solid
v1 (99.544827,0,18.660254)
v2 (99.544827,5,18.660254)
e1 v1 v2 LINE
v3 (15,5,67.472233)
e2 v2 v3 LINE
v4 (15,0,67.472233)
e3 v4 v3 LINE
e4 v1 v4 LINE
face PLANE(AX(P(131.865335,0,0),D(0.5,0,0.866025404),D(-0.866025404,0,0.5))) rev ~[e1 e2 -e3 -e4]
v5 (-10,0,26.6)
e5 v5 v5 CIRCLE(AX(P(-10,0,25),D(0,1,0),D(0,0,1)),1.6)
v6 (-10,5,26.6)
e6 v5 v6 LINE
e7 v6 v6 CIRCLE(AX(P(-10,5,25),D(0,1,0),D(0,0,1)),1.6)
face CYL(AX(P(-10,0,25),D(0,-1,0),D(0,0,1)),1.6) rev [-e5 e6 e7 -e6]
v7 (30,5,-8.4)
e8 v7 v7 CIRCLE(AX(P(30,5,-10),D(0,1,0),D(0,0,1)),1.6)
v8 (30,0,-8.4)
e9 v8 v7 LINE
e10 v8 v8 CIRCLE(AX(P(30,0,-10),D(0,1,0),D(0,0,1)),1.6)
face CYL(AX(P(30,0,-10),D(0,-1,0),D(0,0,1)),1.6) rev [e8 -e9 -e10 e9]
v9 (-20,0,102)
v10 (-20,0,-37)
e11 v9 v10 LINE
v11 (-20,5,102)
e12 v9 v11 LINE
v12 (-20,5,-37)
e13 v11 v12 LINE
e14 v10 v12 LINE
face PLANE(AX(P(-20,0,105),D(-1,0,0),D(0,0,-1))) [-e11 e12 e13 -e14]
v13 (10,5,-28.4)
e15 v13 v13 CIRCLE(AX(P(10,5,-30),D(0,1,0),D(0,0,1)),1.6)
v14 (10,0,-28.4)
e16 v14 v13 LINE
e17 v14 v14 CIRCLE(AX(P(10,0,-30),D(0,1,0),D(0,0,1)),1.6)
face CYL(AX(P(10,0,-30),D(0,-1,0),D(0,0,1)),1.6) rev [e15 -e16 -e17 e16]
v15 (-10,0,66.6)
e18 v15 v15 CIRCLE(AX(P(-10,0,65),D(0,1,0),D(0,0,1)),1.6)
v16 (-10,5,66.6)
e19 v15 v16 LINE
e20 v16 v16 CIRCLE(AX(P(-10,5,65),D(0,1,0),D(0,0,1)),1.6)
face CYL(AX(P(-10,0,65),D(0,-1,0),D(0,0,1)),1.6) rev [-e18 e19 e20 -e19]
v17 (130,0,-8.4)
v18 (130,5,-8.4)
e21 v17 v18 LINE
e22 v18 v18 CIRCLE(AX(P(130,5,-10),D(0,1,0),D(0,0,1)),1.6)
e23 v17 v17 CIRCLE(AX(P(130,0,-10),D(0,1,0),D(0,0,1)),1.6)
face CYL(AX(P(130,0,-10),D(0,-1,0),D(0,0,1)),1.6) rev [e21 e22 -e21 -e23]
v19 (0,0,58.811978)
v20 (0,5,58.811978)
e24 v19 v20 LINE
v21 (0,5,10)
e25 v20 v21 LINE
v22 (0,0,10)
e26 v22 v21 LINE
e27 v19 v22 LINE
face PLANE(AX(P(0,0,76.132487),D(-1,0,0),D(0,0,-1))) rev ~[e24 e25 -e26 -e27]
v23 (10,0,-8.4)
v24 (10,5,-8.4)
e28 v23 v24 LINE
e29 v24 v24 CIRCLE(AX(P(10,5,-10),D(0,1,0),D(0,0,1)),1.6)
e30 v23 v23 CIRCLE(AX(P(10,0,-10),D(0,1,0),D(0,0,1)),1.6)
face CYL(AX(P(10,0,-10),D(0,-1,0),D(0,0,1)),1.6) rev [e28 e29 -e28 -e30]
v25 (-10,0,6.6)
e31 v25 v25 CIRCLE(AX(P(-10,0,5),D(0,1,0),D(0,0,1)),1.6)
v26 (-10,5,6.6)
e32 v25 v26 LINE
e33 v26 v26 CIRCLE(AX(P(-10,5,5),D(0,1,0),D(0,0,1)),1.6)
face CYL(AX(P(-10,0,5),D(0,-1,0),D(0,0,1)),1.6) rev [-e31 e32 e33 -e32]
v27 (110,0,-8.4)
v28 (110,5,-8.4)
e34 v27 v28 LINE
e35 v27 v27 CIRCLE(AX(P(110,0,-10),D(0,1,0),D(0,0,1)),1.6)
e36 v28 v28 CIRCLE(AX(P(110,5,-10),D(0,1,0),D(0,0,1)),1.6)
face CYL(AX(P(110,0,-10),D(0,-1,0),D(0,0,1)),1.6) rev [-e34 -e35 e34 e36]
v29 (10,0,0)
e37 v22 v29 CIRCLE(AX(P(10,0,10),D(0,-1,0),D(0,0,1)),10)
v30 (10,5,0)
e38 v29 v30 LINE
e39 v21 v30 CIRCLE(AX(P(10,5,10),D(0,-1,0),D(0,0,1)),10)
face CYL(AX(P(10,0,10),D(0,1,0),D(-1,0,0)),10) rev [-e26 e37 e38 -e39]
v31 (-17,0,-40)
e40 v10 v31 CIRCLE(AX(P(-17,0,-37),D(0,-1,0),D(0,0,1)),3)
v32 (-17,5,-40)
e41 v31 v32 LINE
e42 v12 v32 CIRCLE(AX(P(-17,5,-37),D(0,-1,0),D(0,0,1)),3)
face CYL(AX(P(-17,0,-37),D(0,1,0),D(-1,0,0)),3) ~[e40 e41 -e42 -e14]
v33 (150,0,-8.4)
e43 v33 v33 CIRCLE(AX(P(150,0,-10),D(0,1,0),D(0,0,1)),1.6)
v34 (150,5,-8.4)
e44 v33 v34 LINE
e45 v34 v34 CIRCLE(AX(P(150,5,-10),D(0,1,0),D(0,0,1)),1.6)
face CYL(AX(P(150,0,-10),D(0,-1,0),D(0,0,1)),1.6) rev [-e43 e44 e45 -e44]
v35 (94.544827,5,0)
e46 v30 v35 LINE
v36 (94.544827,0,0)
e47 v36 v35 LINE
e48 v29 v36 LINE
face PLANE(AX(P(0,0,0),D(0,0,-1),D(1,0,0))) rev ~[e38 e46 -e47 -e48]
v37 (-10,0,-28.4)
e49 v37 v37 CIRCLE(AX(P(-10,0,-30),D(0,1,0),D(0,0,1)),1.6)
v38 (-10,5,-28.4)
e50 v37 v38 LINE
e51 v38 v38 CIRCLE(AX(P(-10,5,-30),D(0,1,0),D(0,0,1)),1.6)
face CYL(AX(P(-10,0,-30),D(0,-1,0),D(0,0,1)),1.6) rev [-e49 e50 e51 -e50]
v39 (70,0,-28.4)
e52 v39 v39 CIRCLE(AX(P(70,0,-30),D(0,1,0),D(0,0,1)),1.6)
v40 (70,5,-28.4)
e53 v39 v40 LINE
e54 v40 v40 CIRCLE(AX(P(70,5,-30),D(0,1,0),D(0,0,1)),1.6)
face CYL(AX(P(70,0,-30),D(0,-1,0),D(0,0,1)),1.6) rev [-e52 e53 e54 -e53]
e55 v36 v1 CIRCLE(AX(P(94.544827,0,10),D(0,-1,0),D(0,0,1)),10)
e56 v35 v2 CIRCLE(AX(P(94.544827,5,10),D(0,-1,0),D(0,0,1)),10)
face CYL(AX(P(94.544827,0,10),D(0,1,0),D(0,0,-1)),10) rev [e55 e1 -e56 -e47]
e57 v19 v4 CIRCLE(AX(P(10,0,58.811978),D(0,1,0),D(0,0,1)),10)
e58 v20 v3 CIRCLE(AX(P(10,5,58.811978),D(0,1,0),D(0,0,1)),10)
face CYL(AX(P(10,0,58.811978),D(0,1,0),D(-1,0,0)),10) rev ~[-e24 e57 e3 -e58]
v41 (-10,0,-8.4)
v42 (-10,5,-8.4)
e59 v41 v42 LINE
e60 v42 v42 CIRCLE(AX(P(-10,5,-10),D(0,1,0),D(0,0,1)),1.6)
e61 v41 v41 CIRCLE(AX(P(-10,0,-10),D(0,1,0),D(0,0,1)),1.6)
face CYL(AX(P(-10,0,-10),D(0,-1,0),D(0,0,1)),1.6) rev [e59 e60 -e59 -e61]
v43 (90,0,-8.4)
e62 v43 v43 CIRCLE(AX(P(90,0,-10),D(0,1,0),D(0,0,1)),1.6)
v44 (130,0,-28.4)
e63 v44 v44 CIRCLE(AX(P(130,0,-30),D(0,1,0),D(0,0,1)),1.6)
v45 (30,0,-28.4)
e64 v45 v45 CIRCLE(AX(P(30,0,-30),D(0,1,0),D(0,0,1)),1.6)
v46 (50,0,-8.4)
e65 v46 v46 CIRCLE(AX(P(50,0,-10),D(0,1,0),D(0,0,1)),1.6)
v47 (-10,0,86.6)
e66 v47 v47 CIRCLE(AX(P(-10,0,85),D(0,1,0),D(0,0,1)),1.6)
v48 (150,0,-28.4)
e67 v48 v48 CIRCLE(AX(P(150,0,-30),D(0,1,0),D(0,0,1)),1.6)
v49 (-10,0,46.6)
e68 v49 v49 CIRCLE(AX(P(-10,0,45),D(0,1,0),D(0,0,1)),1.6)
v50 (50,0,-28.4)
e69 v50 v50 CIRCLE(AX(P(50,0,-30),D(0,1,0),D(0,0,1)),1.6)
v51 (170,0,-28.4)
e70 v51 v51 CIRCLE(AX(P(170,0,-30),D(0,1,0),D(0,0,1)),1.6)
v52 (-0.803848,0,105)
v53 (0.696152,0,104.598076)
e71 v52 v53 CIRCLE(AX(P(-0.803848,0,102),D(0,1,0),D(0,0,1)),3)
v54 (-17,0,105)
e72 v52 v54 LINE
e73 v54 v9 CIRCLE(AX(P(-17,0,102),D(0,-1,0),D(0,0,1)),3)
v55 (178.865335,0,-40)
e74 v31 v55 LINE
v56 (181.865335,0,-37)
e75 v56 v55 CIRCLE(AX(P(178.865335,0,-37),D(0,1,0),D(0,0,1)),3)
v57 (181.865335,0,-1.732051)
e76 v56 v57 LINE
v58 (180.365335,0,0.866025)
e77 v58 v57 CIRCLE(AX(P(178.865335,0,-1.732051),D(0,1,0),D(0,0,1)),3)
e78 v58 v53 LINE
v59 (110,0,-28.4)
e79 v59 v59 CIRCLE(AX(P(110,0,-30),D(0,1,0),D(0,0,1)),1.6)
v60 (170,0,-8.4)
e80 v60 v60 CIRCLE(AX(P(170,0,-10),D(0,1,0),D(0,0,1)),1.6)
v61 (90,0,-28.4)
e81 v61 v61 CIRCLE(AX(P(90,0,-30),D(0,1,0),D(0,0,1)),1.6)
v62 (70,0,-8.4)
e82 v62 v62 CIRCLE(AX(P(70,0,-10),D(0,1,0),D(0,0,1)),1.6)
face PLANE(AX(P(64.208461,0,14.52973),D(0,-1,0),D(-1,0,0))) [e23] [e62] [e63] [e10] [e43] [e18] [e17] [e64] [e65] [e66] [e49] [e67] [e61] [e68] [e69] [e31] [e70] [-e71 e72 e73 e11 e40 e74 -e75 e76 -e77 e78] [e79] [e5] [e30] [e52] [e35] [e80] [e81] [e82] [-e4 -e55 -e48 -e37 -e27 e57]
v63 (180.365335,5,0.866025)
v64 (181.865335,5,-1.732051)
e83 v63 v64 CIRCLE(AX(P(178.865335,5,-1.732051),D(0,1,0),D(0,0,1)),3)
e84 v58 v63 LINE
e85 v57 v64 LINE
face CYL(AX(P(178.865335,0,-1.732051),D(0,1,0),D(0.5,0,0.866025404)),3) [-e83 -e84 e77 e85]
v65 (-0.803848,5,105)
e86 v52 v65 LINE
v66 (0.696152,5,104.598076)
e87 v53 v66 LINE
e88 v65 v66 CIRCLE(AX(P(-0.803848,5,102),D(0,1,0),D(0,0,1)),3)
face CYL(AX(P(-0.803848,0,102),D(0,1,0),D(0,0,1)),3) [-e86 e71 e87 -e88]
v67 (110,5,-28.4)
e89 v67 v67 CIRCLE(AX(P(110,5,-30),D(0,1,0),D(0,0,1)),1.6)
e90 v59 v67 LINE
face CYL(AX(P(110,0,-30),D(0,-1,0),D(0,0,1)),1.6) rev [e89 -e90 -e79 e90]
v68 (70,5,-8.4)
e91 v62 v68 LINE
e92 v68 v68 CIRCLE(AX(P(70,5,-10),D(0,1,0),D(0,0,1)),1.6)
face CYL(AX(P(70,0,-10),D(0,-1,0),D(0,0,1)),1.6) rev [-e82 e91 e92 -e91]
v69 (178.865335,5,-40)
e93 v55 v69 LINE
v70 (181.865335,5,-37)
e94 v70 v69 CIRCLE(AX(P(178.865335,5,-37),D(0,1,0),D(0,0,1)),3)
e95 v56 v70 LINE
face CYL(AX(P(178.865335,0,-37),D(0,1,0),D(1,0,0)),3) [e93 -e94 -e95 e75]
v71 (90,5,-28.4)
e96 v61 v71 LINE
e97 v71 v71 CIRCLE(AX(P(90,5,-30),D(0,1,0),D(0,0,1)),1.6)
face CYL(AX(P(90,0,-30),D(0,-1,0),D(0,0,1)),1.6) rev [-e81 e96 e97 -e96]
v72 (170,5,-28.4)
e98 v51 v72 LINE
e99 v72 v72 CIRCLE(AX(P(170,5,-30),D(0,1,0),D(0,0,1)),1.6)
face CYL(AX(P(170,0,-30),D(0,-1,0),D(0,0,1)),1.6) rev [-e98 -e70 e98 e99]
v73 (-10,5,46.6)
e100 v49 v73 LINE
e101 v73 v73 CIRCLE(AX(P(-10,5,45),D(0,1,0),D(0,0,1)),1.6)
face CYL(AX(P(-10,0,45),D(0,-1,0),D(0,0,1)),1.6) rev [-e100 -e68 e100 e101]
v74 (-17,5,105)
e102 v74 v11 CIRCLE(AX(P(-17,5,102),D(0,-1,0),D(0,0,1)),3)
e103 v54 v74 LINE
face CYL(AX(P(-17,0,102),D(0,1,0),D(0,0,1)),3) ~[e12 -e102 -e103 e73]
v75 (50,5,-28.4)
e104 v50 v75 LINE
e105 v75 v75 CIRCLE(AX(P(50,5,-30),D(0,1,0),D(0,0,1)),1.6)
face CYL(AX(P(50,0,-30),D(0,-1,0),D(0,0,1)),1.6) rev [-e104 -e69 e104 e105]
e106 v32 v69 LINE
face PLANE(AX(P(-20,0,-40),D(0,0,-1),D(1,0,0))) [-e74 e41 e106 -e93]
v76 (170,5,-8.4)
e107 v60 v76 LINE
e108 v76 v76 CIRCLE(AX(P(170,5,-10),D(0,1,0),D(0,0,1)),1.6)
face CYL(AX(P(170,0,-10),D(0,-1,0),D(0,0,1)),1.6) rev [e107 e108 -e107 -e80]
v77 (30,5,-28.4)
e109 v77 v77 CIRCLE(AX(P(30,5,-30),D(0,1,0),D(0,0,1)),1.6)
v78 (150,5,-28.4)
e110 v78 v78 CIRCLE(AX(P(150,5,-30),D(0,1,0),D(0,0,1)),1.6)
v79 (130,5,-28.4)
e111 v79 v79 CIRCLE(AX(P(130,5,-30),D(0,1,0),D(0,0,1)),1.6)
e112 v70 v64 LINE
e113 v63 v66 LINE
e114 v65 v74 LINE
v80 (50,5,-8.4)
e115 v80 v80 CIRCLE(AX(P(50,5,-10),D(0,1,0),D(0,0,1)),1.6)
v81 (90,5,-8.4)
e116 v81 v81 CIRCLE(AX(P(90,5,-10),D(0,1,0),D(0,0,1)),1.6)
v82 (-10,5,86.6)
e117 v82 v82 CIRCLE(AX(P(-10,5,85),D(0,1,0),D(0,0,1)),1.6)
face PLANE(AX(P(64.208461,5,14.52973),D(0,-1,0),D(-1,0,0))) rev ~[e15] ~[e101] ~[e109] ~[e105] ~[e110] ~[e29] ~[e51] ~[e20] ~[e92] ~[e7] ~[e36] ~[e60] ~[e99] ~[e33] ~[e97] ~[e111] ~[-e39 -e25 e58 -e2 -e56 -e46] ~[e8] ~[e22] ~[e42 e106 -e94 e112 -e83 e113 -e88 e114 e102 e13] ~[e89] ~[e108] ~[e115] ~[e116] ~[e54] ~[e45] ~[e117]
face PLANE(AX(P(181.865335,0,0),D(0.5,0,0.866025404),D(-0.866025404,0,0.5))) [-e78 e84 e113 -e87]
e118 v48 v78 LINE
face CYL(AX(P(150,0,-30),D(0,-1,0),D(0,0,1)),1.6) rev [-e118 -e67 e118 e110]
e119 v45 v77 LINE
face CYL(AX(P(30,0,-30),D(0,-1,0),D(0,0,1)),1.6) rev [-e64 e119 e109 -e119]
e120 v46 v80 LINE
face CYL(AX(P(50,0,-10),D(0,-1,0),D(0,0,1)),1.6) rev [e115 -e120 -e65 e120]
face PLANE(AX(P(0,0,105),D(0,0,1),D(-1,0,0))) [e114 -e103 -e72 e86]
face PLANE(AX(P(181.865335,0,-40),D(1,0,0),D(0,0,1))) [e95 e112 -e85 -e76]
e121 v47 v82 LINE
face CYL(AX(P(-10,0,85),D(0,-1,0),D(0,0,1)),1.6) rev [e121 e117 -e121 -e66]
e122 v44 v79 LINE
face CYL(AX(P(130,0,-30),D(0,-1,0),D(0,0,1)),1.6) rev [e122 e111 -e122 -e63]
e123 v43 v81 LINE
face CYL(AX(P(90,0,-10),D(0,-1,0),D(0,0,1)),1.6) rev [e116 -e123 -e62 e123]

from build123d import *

# Parameters (mm, degrees)
SKETCH_1_R      = 1.6
EXTRUDE_1_DEPTH = 5
FILLET_1_R      = 10
FILLET_2_R      = 3


with BuildPart() as part:
    # 草图1 → 凸台-拉伸1 (new body)
    with BuildSketch(Plane(origin=(0, 0, 0), x_dir=(1, 0, 0), z_dir=(0, 1, 0))):
        Polygon((0, -105), (-20, -105), (-20, 40), (181.865334795, 40), (181.865334795, 0), align=None)
        with Locations(Location((-10, -5, 0), (0, 0, 270))):
            Circle(SKETCH_1_R, mode=Mode.SUBTRACT)
        with Locations(Location((-10, -25, 0), (0, 0, 270))):
            Circle(SKETCH_1_R, mode=Mode.SUBTRACT)
        with Locations(Location((-10, -45, 0), (0, 0, 270))):
            Circle(SKETCH_1_R, mode=Mode.SUBTRACT)
        with Locations(Location((-10, 10, 0), (0, 0, 270))):
            Circle(SKETCH_1_R, mode=Mode.SUBTRACT)
        with Locations(Location((-10, 30, 0), (0, 0, 270))):
            Circle(SKETCH_1_R, mode=Mode.SUBTRACT)
        with Locations(Location((10, 30, 0), (0, 0, 270))):
            Circle(SKETCH_1_R, mode=Mode.SUBTRACT)
        with Locations(Location((10, 10, 0), (0, 0, 270))):
            Circle(SKETCH_1_R, mode=Mode.SUBTRACT)
        with Locations(Location((30, 10, 0), (0, 0, 270))):
            Circle(SKETCH_1_R, mode=Mode.SUBTRACT)
        with Locations(Location((-10, -65, 0), (0, 0, 270))):
            Circle(SKETCH_1_R, mode=Mode.SUBTRACT)
        with Locations(Location((-10, -85, 0), (0, 0, 270))):
            Circle(SKETCH_1_R, mode=Mode.SUBTRACT)
        with Locations(Location((50, 10, 0), (0, 0, 270))):
            Circle(SKETCH_1_R, mode=Mode.SUBTRACT)
        with Locations(Location((70, 10, 0), (0, 0, 270))):
            Circle(SKETCH_1_R, mode=Mode.SUBTRACT)
        with Locations(Location((90, 10, 0), (0, 0, 270))):
            Circle(SKETCH_1_R, mode=Mode.SUBTRACT)
        with Locations(Location((110, 10, 0), (0, 0, 270))):
            Circle(SKETCH_1_R, mode=Mode.SUBTRACT)
        with Locations(Location((130, 10, 0), (0, 0, 270))):
            Circle(SKETCH_1_R, mode=Mode.SUBTRACT)
        with Locations(Location((150, 10, 0), (0, 0, 270))):
            Circle(SKETCH_1_R, mode=Mode.SUBTRACT)
        with Locations(Location((170, 10, 0), (0, 0, 270))):
            Circle(SKETCH_1_R, mode=Mode.SUBTRACT)
        with Locations(Location((50, 30, 0), (0, 0, 270))):
            Circle(SKETCH_1_R, mode=Mode.SUBTRACT)
        with Locations(Location((70, 30, 0), (0, 0, 270))):
            Circle(SKETCH_1_R, mode=Mode.SUBTRACT)
        with Locations(Location((90, 30, 0), (0, 0, 270))):
            Circle(SKETCH_1_R, mode=Mode.SUBTRACT)
        with Locations(Location((110, 30, 0), (0, 0, 270))):
            Circle(SKETCH_1_R, mode=Mode.SUBTRACT)
        with Locations(Location((130, 30, 0), (0, 0, 270))):
            Circle(SKETCH_1_R, mode=Mode.SUBTRACT)
        with Locations(Location((150, 30, 0), (0, 0, 270))):
            Circle(SKETCH_1_R, mode=Mode.SUBTRACT)
        with Locations(Location((170, 30, 0), (0, 0, 270))):
            Circle(SKETCH_1_R, mode=Mode.SUBTRACT)
        with Locations(Location((30, 30, 0), (0, 0, 270))):
            Circle(SKETCH_1_R, mode=Mode.SUBTRACT)
        Polygon((0, -76.132486541), (0, 0), (131.865334795, 0), align=None, mode=Mode.SUBTRACT)
    extrude(amount=EXTRUDE_1_DEPTH)

    # 圆角1
    fillet_1_edges = [part.edges().sort_by_distance(p)[0] for p in [
        (0, 2.5, 0),
        (0, 2.5, 76.132486541),
        (131.865334795, 2.5, 0),
    ]]
    fillet(fillet_1_edges, radius=FILLET_1_R)

    # 圆角2
    fillet_2_edges = [part.edges().sort_by_distance(p)[0] for p in [
        (-20, 2.5, 105),
        (-20, 2.5, -40),
        (181.865334795, 2.5, -40),
        (181.865334795, 2.5, 0),
        (0, 2.5, 105),
    ]]
    fillet(fillet_2_edges, radius=FILLET_2_R)


solid = part.part
